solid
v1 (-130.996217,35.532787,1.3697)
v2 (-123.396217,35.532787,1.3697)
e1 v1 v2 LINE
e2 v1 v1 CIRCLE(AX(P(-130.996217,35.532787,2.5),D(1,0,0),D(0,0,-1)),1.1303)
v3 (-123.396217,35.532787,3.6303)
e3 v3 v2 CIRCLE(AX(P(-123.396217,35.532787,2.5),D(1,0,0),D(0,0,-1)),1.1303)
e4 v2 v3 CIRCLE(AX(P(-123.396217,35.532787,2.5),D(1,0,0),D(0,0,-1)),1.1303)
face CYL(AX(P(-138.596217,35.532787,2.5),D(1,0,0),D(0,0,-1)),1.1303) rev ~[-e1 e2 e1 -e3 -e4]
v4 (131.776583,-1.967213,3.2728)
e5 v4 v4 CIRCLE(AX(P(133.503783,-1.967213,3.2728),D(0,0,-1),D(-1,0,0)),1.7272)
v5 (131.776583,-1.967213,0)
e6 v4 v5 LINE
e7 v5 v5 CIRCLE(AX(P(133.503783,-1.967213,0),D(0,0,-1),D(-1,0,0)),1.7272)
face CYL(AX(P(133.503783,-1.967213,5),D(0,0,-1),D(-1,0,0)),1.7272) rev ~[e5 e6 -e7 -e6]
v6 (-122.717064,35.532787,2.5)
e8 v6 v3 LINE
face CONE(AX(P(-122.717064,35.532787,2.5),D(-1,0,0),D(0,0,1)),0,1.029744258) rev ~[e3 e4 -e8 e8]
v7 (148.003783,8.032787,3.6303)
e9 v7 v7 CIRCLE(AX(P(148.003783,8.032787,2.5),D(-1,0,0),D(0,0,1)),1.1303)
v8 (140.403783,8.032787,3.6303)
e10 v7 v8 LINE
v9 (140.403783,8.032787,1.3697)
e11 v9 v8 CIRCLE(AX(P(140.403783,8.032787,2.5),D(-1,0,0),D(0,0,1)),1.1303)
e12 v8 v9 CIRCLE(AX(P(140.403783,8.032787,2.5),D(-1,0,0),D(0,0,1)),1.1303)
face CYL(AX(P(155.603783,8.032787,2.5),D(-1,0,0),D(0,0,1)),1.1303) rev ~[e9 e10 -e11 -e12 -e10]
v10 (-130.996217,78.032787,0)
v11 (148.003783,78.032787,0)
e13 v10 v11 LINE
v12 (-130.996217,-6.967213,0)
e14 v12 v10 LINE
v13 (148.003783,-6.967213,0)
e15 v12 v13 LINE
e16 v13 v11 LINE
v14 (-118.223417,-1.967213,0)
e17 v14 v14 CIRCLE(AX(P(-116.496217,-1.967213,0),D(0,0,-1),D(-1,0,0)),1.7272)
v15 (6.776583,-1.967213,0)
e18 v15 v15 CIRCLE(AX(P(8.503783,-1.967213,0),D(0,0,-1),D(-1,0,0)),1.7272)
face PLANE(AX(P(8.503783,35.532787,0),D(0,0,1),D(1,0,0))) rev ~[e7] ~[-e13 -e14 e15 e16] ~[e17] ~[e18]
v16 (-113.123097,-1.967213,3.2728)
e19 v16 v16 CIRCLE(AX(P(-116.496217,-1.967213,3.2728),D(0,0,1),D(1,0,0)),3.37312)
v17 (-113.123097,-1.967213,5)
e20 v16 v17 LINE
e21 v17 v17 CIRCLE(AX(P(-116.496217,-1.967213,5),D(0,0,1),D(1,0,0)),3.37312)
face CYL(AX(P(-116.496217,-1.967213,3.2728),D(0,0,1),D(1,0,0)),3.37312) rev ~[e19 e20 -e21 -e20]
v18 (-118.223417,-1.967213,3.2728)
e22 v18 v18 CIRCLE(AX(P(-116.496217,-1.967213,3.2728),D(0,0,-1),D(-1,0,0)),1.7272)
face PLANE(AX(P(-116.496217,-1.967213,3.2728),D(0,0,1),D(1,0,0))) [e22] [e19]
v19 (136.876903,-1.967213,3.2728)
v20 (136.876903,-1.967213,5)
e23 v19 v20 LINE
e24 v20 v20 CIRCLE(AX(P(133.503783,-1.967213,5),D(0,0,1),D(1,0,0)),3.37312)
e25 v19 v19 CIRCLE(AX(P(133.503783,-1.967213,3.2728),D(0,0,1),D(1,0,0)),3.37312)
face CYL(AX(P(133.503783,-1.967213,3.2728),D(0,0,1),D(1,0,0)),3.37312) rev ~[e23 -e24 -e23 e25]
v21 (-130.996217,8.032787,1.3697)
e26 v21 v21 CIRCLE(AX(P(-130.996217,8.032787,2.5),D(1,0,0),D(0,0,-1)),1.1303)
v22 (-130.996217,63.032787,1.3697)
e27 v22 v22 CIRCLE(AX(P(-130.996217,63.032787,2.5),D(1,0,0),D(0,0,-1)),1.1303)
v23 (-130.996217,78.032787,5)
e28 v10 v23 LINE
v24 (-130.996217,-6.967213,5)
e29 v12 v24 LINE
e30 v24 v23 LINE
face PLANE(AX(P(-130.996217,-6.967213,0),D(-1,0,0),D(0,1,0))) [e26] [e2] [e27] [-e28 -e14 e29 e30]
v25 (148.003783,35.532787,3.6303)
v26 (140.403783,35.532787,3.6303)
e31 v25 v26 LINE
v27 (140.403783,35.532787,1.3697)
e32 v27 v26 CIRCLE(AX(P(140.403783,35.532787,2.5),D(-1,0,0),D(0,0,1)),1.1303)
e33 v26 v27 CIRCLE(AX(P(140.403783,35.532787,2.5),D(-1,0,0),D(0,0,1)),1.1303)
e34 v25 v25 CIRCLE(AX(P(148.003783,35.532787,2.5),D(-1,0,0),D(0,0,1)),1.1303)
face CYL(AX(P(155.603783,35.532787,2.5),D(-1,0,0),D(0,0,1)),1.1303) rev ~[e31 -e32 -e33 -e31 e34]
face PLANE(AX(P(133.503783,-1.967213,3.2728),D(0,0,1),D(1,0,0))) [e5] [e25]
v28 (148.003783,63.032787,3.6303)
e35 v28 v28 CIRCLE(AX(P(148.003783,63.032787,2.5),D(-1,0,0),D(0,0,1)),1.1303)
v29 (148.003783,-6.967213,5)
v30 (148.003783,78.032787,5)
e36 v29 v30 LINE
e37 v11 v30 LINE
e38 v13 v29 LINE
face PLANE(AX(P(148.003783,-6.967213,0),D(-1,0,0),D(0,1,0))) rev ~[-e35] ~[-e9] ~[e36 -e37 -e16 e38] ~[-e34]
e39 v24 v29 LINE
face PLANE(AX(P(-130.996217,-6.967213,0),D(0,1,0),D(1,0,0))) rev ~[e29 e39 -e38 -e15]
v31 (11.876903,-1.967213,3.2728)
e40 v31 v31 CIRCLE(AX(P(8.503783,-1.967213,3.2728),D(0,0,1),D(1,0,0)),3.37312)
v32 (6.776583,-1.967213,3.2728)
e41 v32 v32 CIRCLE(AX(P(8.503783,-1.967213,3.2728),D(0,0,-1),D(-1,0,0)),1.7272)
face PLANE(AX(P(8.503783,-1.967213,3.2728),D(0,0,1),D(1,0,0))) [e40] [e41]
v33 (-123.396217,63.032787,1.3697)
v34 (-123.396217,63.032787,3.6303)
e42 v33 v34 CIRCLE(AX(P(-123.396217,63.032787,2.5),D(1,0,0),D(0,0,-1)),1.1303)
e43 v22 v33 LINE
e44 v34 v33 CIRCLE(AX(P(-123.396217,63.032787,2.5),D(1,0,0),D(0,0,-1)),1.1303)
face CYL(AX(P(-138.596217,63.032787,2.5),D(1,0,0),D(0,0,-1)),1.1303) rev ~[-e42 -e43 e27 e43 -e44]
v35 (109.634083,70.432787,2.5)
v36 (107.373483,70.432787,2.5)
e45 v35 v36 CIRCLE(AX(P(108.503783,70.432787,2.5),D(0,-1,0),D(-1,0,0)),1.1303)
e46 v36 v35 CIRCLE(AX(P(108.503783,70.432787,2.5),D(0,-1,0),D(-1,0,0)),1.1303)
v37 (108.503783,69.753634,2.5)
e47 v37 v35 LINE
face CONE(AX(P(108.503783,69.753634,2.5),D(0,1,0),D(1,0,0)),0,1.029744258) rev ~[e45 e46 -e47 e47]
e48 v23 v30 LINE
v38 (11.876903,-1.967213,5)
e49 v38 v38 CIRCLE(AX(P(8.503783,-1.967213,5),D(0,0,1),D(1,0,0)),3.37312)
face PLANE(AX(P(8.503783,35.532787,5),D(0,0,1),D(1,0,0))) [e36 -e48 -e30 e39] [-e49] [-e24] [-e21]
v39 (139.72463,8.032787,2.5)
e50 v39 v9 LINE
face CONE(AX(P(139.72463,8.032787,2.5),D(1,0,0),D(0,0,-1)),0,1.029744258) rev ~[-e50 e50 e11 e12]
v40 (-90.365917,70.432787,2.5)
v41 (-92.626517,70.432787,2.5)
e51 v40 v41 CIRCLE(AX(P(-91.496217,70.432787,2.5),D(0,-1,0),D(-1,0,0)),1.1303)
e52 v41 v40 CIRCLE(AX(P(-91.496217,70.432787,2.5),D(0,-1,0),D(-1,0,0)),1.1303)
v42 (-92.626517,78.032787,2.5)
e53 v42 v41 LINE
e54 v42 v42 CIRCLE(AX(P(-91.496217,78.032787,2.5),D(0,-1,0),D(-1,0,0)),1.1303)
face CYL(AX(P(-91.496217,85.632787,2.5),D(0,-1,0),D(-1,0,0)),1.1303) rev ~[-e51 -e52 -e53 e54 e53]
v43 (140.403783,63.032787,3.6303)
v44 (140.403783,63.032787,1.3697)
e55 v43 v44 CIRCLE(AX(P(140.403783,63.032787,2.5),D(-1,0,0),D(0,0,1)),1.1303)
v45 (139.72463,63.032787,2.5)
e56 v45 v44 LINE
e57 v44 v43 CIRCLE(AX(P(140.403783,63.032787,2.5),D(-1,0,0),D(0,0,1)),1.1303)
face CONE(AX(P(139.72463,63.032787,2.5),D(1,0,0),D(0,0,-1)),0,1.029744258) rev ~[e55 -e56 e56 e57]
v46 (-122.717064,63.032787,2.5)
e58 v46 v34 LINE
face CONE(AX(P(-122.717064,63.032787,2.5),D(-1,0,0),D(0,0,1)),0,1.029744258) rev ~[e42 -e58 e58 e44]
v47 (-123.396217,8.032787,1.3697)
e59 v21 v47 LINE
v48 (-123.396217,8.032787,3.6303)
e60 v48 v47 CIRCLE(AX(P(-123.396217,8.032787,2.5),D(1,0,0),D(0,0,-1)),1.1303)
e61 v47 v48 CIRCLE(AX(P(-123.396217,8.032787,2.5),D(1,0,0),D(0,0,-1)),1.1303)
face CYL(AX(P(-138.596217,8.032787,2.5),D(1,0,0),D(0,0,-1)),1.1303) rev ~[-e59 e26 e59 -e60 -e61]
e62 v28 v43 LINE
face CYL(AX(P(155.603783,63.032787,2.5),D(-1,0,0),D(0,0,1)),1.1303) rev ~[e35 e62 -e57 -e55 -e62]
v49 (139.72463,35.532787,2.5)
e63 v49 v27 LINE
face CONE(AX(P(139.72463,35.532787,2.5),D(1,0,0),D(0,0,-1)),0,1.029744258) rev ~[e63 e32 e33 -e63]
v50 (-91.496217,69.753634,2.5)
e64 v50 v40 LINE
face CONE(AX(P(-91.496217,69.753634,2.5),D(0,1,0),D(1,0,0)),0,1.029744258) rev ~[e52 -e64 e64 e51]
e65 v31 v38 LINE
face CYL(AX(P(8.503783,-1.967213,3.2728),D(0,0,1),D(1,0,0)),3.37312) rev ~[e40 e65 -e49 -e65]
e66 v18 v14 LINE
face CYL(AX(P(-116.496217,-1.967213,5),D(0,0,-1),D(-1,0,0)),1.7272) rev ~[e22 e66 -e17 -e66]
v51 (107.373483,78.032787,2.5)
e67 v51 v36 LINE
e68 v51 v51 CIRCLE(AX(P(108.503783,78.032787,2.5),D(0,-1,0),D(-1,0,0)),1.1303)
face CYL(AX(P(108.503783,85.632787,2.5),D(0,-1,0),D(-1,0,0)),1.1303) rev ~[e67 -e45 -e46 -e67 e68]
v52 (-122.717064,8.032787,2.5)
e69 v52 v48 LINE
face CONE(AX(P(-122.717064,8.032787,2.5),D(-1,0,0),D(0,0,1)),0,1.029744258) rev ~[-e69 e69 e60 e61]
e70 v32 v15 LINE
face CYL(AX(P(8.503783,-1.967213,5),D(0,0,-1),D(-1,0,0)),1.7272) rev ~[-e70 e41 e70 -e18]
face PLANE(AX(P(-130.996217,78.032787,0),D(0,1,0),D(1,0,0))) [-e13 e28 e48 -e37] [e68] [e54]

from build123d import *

# Parameters (mm, degrees)
SKETCH1_W                                           = 279
SKETCH1_H                                           = 85
BOSS_EXTRUDE1_DEPTH                                 = 5
CBORE_FOR_4_BINDING_HEAD_MACHINE_SCREW1_D           = 3.4544
CBORE_FOR_4_BINDING_HEAD_MACHINE_SCREW1_CBORE_D     = 6.74624
CBORE_FOR_4_BINDING_HEAD_MACHINE_SCREW1_CBORE_DEPTH = 1.7272
F_4_40_TAPPED_HOLE1_D                               = 2.2606
F_4_40_TAPPED_HOLE1_DEPTH                           = 7.6
F_4_40_TAPPED_HOLE1_TIP                             = 0.679152758
F_4_40_TAPPED_HOLE2_D                               = 2.2606
F_4_40_TAPPED_HOLE2_DEPTH                           = 7.6
F_4_40_TAPPED_HOLE2_TIP                             = 0.679152758
F_4_40_TAPPED_HOLE3_D                               = 2.2606
F_4_40_TAPPED_HOLE3_DEPTH                           = 7.6
F_4_40_TAPPED_HOLE3_TIP                             = 0.679152758


with BuildPart() as part:
    # Sketch1 → Boss-Extrude1 (new body)
    with BuildSketch(Plane.XY):
        with Locations((8.503783102, 35.532786885)):
            Rectangle(SKETCH1_W, SKETCH1_H)
    extrude(amount=BOSS_EXTRUDE1_DEPTH)

    # CBORE for #4 Binding Head Machine Screw1 (through all)
    with Locations(Plane.XY.offset(5)):
        with Locations((-116.496216898, -1.967213115), (8.503783102, -1.967213115), (133.503783102, -1.967213115)):
            CounterBoreHole(CBORE_FOR_4_BINDING_HEAD_MACHINE_SCREW1_D / 2, CBORE_FOR_4_BINDING_HEAD_MACHINE_SCREW1_CBORE_D / 2, CBORE_FOR_4_BINDING_HEAD_MACHINE_SCREW1_CBORE_DEPTH)

    # #4-40 Tapped Hole1
    with Locations(Plane.ZY.offset(130.996216898)):
        with Locations((2.5, 63.032786885), (2.5, 35.532786885), (2.5, 8.032786885)):
            Hole(F_4_40_TAPPED_HOLE1_D / 2, depth=F_4_40_TAPPED_HOLE1_DEPTH)
            with Locations((0, 0, -(F_4_40_TAPPED_HOLE1_DEPTH + F_4_40_TAPPED_HOLE1_TIP / 2))):  # 118° drill point
                Cone(0, F_4_40_TAPPED_HOLE1_D / 2, F_4_40_TAPPED_HOLE1_TIP, mode=Mode.SUBTRACT)

    # #4-40 Tapped Hole2
    with Locations(Plane(origin=(148.003783102, 0, 0), x_dir=(0, 0, -1), z_dir=(1, 0, 0))):
        with Locations((-2.5, 63.032786885), (-2.5, 35.532786885), (-2.5, 8.032786885)):
            Hole(F_4_40_TAPPED_HOLE2_D / 2, depth=F_4_40_TAPPED_HOLE2_DEPTH)
            with Locations((0, 0, -(F_4_40_TAPPED_HOLE2_DEPTH + F_4_40_TAPPED_HOLE2_TIP / 2))):  # 118° drill point
                Cone(0, F_4_40_TAPPED_HOLE2_D / 2, F_4_40_TAPPED_HOLE2_TIP, mode=Mode.SUBTRACT)

    # #4-40 Tapped Hole3
    with Locations(Plane(origin=(0, 78.032786885, 0), x_dir=(1, 0, 0), z_dir=(0, 1, 0))):
        with Locations((-91.496216898, -2.5), (108.503783102, -2.5)):
            Hole(F_4_40_TAPPED_HOLE3_D / 2, depth=F_4_40_TAPPED_HOLE3_DEPTH)
            with Locations((0, 0, -(F_4_40_TAPPED_HOLE3_DEPTH + F_4_40_TAPPED_HOLE3_TIP / 2))):  # 118° drill point
                Cone(0, F_4_40_TAPPED_HOLE3_D / 2, F_4_40_TAPPED_HOLE3_TIP, mode=Mode.SUBTRACT)


solid = part.part
